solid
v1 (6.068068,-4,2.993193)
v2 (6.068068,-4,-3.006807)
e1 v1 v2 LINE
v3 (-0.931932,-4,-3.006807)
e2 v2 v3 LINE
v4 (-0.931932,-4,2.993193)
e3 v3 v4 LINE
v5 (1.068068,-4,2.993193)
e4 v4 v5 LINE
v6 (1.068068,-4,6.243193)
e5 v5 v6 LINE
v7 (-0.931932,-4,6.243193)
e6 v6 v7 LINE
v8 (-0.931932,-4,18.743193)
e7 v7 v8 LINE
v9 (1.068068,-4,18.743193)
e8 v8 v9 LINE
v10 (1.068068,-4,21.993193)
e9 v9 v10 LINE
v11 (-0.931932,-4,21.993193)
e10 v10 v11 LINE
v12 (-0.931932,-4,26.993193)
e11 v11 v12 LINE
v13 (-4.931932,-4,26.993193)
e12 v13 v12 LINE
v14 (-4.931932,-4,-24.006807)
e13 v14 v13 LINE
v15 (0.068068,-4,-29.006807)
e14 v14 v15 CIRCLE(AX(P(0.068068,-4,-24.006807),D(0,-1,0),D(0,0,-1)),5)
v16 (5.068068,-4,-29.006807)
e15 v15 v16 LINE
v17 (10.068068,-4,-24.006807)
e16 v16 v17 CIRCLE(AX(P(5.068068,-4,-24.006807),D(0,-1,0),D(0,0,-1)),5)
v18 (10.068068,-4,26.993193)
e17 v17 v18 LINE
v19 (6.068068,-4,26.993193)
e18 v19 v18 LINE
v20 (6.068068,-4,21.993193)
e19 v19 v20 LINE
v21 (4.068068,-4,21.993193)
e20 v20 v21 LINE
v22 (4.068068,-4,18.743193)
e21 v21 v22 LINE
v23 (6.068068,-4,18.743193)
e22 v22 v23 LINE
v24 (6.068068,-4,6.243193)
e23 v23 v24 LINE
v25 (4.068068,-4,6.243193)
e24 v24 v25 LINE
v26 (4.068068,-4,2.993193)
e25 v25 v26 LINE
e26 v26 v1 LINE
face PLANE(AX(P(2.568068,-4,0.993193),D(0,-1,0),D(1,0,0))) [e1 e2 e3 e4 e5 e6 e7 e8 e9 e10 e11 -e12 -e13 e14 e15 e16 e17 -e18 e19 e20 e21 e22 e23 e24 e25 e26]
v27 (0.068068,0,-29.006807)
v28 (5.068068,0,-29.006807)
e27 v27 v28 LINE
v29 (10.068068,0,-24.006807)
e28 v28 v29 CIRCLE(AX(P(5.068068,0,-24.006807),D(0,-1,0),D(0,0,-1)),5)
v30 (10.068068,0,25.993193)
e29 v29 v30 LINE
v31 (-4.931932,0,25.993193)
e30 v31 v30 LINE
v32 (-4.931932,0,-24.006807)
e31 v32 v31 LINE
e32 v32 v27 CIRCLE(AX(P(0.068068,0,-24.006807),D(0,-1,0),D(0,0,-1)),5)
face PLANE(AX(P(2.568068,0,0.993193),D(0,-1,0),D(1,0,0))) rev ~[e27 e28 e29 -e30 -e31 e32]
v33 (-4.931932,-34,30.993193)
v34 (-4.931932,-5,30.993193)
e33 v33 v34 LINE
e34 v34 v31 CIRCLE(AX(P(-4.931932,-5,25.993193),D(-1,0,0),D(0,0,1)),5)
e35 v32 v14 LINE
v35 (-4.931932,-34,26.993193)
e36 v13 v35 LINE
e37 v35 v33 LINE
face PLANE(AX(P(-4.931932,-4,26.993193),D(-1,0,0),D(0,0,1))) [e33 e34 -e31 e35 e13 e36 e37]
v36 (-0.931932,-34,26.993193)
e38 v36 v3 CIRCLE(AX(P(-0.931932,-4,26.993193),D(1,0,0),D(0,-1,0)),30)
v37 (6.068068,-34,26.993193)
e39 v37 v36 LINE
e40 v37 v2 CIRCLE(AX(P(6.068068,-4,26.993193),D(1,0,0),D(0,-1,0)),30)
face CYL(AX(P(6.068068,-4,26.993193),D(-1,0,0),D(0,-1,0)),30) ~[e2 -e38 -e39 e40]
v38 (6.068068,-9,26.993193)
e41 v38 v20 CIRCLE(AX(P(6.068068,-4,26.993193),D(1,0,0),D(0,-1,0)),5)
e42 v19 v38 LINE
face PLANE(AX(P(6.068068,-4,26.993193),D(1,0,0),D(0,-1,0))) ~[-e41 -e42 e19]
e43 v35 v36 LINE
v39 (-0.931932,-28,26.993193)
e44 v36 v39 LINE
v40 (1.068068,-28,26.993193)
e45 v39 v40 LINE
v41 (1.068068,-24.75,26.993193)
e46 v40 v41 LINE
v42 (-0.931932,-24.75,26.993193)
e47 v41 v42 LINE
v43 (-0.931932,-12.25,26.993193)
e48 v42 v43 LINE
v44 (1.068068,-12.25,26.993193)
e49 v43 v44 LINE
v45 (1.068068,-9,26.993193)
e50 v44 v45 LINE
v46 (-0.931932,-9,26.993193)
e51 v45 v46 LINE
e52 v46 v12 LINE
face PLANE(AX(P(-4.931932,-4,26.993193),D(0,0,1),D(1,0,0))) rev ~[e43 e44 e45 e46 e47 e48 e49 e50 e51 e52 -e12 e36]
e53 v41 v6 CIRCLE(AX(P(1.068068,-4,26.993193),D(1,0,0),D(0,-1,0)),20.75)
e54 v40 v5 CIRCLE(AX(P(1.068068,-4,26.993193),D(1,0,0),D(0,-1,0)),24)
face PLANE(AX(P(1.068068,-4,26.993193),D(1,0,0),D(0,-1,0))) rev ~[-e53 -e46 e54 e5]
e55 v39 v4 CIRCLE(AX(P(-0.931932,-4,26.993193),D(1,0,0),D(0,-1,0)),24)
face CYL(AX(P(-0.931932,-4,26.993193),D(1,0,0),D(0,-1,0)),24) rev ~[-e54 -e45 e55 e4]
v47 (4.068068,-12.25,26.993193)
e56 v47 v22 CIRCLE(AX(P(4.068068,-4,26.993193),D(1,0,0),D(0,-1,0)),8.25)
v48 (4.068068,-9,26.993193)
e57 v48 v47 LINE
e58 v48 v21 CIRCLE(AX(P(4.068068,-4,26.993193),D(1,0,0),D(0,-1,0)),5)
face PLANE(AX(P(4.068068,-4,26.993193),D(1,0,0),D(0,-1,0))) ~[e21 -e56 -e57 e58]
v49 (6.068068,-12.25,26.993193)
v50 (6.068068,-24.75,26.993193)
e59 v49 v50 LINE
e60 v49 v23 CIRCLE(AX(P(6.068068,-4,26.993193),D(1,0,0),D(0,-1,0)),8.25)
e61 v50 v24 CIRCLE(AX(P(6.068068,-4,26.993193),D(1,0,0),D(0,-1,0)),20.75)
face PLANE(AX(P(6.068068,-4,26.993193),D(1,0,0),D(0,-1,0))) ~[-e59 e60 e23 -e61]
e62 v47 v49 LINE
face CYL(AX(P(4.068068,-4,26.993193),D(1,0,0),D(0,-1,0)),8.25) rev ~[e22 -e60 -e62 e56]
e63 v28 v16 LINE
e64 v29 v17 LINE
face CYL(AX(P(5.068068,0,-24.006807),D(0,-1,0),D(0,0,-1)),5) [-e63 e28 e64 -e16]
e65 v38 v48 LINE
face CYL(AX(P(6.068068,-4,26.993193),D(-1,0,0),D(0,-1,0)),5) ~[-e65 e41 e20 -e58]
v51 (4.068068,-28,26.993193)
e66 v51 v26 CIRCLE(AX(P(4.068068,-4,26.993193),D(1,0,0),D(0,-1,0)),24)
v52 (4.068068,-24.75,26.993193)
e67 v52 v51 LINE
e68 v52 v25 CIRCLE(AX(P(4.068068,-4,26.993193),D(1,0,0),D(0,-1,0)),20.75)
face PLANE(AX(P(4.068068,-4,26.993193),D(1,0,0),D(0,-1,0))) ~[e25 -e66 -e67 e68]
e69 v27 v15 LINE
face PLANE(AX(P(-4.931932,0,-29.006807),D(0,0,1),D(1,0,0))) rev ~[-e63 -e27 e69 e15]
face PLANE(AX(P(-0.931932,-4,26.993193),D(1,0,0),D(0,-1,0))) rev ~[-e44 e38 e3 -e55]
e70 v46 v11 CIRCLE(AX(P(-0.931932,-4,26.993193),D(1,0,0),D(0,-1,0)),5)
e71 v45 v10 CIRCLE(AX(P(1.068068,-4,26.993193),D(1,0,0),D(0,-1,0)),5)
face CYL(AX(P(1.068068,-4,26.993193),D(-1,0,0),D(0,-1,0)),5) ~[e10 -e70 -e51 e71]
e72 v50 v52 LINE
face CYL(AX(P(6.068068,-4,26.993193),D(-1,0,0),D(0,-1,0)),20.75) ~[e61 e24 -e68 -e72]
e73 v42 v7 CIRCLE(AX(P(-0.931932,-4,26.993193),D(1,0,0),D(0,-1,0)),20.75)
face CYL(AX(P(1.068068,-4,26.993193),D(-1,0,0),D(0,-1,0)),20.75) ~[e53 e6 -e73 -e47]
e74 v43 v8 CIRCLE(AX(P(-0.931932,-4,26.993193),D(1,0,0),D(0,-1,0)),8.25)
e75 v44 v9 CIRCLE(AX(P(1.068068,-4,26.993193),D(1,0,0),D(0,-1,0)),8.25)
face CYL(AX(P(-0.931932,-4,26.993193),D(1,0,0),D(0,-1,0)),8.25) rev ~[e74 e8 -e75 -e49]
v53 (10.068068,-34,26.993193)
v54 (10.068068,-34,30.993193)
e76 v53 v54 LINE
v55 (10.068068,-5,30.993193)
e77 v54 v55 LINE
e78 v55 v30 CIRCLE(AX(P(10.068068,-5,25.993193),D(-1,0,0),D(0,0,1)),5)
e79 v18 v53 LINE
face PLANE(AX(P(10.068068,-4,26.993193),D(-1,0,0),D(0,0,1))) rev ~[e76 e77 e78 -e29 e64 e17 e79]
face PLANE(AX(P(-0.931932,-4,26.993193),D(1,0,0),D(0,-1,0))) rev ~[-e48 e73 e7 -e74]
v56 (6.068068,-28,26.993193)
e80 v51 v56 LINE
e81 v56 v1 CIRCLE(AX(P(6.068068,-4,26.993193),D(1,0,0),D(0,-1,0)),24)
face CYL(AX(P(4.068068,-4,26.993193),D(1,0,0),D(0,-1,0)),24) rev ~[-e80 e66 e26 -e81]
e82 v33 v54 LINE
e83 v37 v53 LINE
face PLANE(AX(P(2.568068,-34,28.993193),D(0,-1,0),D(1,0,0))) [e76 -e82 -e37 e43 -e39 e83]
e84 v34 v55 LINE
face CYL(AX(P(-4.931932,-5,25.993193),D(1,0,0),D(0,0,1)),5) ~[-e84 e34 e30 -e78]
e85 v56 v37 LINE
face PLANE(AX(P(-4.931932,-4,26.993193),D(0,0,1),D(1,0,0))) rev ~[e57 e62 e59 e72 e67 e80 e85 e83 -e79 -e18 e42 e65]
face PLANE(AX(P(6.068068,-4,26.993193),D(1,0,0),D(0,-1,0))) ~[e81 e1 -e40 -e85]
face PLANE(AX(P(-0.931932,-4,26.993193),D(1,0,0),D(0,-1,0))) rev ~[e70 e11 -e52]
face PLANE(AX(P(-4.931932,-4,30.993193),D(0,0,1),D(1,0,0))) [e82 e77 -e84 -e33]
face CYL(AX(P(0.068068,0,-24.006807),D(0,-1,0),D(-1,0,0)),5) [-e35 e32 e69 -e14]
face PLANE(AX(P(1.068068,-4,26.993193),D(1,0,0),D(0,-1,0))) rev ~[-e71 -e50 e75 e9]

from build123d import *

# Parameters (mm, degrees)
F0_W     = 15
F0_H     = 60
F1_DEPTH = 4
F2_W     = 15
F2_H     = 4
F3_DEPTH = 30
F5_ANGLE = -90
F8_R     = 5
F9_R     = 5


with BuildPart() as f1:
    # F0 (on Front) → F1 (new body)
    with BuildSketch(Plane.XZ):
        with Locations((2.568068, 0.993193)):
            Rectangle(F0_W, F0_H)
    extrude(amount=F1_DEPTH)

    # F2 (on face) → F3 (join)
    with BuildSketch(Plane.XZ.offset(4)):
        with Locations((2.568068, 28.993193)):
            Rectangle(F2_W, F2_H)
    extrude(amount=F3_DEPTH)

    # F4 (on face) → F5 (revolve)
    with BuildSketch(Plane(origin=(0, 0, 26.993193), x_dir=(1, 0, 0), z_dir=(0, 0, -1))):
        Polygon((6.068068, 28), (6.068068, 34), (-0.931932, 34), (-0.931932, 28), (1.068068, 28), (1.068068, 24.75), (-0.931932, 24.75), (-0.931932, 12.25), (1.068068, 12.25), (1.068068, 9), (-0.931932, 9), (-0.931932, 4), (6.068068, 4), (6.068068, 9), (4.068068, 9), (4.068068, 12.25), (6.068068, 12.25), (6.068068, 24.75), (4.068068, 24.75), (4.068068, 28), align=None)
    revolve(axis=Axis((2.568068, -4, 26.993193), (-1, 0, 0)), revolution_arc=F5_ANGLE)

    # F8
    f8_edges = [f1.edges().sort_by_distance(p)[0] for p in [
        (2.568068, 0, 30.993193),
    ]]
    fillet(f8_edges, radius=F8_R)

    # F9
    f9_edges = [f1.edges().sort_by_distance(p)[0] for p in [
        (10.068068, -2, -29.006807),
        (-4.931932, -2, -29.006807),
    ]]
    fillet(f9_edges, radius=F9_R)


solid = f1.part
